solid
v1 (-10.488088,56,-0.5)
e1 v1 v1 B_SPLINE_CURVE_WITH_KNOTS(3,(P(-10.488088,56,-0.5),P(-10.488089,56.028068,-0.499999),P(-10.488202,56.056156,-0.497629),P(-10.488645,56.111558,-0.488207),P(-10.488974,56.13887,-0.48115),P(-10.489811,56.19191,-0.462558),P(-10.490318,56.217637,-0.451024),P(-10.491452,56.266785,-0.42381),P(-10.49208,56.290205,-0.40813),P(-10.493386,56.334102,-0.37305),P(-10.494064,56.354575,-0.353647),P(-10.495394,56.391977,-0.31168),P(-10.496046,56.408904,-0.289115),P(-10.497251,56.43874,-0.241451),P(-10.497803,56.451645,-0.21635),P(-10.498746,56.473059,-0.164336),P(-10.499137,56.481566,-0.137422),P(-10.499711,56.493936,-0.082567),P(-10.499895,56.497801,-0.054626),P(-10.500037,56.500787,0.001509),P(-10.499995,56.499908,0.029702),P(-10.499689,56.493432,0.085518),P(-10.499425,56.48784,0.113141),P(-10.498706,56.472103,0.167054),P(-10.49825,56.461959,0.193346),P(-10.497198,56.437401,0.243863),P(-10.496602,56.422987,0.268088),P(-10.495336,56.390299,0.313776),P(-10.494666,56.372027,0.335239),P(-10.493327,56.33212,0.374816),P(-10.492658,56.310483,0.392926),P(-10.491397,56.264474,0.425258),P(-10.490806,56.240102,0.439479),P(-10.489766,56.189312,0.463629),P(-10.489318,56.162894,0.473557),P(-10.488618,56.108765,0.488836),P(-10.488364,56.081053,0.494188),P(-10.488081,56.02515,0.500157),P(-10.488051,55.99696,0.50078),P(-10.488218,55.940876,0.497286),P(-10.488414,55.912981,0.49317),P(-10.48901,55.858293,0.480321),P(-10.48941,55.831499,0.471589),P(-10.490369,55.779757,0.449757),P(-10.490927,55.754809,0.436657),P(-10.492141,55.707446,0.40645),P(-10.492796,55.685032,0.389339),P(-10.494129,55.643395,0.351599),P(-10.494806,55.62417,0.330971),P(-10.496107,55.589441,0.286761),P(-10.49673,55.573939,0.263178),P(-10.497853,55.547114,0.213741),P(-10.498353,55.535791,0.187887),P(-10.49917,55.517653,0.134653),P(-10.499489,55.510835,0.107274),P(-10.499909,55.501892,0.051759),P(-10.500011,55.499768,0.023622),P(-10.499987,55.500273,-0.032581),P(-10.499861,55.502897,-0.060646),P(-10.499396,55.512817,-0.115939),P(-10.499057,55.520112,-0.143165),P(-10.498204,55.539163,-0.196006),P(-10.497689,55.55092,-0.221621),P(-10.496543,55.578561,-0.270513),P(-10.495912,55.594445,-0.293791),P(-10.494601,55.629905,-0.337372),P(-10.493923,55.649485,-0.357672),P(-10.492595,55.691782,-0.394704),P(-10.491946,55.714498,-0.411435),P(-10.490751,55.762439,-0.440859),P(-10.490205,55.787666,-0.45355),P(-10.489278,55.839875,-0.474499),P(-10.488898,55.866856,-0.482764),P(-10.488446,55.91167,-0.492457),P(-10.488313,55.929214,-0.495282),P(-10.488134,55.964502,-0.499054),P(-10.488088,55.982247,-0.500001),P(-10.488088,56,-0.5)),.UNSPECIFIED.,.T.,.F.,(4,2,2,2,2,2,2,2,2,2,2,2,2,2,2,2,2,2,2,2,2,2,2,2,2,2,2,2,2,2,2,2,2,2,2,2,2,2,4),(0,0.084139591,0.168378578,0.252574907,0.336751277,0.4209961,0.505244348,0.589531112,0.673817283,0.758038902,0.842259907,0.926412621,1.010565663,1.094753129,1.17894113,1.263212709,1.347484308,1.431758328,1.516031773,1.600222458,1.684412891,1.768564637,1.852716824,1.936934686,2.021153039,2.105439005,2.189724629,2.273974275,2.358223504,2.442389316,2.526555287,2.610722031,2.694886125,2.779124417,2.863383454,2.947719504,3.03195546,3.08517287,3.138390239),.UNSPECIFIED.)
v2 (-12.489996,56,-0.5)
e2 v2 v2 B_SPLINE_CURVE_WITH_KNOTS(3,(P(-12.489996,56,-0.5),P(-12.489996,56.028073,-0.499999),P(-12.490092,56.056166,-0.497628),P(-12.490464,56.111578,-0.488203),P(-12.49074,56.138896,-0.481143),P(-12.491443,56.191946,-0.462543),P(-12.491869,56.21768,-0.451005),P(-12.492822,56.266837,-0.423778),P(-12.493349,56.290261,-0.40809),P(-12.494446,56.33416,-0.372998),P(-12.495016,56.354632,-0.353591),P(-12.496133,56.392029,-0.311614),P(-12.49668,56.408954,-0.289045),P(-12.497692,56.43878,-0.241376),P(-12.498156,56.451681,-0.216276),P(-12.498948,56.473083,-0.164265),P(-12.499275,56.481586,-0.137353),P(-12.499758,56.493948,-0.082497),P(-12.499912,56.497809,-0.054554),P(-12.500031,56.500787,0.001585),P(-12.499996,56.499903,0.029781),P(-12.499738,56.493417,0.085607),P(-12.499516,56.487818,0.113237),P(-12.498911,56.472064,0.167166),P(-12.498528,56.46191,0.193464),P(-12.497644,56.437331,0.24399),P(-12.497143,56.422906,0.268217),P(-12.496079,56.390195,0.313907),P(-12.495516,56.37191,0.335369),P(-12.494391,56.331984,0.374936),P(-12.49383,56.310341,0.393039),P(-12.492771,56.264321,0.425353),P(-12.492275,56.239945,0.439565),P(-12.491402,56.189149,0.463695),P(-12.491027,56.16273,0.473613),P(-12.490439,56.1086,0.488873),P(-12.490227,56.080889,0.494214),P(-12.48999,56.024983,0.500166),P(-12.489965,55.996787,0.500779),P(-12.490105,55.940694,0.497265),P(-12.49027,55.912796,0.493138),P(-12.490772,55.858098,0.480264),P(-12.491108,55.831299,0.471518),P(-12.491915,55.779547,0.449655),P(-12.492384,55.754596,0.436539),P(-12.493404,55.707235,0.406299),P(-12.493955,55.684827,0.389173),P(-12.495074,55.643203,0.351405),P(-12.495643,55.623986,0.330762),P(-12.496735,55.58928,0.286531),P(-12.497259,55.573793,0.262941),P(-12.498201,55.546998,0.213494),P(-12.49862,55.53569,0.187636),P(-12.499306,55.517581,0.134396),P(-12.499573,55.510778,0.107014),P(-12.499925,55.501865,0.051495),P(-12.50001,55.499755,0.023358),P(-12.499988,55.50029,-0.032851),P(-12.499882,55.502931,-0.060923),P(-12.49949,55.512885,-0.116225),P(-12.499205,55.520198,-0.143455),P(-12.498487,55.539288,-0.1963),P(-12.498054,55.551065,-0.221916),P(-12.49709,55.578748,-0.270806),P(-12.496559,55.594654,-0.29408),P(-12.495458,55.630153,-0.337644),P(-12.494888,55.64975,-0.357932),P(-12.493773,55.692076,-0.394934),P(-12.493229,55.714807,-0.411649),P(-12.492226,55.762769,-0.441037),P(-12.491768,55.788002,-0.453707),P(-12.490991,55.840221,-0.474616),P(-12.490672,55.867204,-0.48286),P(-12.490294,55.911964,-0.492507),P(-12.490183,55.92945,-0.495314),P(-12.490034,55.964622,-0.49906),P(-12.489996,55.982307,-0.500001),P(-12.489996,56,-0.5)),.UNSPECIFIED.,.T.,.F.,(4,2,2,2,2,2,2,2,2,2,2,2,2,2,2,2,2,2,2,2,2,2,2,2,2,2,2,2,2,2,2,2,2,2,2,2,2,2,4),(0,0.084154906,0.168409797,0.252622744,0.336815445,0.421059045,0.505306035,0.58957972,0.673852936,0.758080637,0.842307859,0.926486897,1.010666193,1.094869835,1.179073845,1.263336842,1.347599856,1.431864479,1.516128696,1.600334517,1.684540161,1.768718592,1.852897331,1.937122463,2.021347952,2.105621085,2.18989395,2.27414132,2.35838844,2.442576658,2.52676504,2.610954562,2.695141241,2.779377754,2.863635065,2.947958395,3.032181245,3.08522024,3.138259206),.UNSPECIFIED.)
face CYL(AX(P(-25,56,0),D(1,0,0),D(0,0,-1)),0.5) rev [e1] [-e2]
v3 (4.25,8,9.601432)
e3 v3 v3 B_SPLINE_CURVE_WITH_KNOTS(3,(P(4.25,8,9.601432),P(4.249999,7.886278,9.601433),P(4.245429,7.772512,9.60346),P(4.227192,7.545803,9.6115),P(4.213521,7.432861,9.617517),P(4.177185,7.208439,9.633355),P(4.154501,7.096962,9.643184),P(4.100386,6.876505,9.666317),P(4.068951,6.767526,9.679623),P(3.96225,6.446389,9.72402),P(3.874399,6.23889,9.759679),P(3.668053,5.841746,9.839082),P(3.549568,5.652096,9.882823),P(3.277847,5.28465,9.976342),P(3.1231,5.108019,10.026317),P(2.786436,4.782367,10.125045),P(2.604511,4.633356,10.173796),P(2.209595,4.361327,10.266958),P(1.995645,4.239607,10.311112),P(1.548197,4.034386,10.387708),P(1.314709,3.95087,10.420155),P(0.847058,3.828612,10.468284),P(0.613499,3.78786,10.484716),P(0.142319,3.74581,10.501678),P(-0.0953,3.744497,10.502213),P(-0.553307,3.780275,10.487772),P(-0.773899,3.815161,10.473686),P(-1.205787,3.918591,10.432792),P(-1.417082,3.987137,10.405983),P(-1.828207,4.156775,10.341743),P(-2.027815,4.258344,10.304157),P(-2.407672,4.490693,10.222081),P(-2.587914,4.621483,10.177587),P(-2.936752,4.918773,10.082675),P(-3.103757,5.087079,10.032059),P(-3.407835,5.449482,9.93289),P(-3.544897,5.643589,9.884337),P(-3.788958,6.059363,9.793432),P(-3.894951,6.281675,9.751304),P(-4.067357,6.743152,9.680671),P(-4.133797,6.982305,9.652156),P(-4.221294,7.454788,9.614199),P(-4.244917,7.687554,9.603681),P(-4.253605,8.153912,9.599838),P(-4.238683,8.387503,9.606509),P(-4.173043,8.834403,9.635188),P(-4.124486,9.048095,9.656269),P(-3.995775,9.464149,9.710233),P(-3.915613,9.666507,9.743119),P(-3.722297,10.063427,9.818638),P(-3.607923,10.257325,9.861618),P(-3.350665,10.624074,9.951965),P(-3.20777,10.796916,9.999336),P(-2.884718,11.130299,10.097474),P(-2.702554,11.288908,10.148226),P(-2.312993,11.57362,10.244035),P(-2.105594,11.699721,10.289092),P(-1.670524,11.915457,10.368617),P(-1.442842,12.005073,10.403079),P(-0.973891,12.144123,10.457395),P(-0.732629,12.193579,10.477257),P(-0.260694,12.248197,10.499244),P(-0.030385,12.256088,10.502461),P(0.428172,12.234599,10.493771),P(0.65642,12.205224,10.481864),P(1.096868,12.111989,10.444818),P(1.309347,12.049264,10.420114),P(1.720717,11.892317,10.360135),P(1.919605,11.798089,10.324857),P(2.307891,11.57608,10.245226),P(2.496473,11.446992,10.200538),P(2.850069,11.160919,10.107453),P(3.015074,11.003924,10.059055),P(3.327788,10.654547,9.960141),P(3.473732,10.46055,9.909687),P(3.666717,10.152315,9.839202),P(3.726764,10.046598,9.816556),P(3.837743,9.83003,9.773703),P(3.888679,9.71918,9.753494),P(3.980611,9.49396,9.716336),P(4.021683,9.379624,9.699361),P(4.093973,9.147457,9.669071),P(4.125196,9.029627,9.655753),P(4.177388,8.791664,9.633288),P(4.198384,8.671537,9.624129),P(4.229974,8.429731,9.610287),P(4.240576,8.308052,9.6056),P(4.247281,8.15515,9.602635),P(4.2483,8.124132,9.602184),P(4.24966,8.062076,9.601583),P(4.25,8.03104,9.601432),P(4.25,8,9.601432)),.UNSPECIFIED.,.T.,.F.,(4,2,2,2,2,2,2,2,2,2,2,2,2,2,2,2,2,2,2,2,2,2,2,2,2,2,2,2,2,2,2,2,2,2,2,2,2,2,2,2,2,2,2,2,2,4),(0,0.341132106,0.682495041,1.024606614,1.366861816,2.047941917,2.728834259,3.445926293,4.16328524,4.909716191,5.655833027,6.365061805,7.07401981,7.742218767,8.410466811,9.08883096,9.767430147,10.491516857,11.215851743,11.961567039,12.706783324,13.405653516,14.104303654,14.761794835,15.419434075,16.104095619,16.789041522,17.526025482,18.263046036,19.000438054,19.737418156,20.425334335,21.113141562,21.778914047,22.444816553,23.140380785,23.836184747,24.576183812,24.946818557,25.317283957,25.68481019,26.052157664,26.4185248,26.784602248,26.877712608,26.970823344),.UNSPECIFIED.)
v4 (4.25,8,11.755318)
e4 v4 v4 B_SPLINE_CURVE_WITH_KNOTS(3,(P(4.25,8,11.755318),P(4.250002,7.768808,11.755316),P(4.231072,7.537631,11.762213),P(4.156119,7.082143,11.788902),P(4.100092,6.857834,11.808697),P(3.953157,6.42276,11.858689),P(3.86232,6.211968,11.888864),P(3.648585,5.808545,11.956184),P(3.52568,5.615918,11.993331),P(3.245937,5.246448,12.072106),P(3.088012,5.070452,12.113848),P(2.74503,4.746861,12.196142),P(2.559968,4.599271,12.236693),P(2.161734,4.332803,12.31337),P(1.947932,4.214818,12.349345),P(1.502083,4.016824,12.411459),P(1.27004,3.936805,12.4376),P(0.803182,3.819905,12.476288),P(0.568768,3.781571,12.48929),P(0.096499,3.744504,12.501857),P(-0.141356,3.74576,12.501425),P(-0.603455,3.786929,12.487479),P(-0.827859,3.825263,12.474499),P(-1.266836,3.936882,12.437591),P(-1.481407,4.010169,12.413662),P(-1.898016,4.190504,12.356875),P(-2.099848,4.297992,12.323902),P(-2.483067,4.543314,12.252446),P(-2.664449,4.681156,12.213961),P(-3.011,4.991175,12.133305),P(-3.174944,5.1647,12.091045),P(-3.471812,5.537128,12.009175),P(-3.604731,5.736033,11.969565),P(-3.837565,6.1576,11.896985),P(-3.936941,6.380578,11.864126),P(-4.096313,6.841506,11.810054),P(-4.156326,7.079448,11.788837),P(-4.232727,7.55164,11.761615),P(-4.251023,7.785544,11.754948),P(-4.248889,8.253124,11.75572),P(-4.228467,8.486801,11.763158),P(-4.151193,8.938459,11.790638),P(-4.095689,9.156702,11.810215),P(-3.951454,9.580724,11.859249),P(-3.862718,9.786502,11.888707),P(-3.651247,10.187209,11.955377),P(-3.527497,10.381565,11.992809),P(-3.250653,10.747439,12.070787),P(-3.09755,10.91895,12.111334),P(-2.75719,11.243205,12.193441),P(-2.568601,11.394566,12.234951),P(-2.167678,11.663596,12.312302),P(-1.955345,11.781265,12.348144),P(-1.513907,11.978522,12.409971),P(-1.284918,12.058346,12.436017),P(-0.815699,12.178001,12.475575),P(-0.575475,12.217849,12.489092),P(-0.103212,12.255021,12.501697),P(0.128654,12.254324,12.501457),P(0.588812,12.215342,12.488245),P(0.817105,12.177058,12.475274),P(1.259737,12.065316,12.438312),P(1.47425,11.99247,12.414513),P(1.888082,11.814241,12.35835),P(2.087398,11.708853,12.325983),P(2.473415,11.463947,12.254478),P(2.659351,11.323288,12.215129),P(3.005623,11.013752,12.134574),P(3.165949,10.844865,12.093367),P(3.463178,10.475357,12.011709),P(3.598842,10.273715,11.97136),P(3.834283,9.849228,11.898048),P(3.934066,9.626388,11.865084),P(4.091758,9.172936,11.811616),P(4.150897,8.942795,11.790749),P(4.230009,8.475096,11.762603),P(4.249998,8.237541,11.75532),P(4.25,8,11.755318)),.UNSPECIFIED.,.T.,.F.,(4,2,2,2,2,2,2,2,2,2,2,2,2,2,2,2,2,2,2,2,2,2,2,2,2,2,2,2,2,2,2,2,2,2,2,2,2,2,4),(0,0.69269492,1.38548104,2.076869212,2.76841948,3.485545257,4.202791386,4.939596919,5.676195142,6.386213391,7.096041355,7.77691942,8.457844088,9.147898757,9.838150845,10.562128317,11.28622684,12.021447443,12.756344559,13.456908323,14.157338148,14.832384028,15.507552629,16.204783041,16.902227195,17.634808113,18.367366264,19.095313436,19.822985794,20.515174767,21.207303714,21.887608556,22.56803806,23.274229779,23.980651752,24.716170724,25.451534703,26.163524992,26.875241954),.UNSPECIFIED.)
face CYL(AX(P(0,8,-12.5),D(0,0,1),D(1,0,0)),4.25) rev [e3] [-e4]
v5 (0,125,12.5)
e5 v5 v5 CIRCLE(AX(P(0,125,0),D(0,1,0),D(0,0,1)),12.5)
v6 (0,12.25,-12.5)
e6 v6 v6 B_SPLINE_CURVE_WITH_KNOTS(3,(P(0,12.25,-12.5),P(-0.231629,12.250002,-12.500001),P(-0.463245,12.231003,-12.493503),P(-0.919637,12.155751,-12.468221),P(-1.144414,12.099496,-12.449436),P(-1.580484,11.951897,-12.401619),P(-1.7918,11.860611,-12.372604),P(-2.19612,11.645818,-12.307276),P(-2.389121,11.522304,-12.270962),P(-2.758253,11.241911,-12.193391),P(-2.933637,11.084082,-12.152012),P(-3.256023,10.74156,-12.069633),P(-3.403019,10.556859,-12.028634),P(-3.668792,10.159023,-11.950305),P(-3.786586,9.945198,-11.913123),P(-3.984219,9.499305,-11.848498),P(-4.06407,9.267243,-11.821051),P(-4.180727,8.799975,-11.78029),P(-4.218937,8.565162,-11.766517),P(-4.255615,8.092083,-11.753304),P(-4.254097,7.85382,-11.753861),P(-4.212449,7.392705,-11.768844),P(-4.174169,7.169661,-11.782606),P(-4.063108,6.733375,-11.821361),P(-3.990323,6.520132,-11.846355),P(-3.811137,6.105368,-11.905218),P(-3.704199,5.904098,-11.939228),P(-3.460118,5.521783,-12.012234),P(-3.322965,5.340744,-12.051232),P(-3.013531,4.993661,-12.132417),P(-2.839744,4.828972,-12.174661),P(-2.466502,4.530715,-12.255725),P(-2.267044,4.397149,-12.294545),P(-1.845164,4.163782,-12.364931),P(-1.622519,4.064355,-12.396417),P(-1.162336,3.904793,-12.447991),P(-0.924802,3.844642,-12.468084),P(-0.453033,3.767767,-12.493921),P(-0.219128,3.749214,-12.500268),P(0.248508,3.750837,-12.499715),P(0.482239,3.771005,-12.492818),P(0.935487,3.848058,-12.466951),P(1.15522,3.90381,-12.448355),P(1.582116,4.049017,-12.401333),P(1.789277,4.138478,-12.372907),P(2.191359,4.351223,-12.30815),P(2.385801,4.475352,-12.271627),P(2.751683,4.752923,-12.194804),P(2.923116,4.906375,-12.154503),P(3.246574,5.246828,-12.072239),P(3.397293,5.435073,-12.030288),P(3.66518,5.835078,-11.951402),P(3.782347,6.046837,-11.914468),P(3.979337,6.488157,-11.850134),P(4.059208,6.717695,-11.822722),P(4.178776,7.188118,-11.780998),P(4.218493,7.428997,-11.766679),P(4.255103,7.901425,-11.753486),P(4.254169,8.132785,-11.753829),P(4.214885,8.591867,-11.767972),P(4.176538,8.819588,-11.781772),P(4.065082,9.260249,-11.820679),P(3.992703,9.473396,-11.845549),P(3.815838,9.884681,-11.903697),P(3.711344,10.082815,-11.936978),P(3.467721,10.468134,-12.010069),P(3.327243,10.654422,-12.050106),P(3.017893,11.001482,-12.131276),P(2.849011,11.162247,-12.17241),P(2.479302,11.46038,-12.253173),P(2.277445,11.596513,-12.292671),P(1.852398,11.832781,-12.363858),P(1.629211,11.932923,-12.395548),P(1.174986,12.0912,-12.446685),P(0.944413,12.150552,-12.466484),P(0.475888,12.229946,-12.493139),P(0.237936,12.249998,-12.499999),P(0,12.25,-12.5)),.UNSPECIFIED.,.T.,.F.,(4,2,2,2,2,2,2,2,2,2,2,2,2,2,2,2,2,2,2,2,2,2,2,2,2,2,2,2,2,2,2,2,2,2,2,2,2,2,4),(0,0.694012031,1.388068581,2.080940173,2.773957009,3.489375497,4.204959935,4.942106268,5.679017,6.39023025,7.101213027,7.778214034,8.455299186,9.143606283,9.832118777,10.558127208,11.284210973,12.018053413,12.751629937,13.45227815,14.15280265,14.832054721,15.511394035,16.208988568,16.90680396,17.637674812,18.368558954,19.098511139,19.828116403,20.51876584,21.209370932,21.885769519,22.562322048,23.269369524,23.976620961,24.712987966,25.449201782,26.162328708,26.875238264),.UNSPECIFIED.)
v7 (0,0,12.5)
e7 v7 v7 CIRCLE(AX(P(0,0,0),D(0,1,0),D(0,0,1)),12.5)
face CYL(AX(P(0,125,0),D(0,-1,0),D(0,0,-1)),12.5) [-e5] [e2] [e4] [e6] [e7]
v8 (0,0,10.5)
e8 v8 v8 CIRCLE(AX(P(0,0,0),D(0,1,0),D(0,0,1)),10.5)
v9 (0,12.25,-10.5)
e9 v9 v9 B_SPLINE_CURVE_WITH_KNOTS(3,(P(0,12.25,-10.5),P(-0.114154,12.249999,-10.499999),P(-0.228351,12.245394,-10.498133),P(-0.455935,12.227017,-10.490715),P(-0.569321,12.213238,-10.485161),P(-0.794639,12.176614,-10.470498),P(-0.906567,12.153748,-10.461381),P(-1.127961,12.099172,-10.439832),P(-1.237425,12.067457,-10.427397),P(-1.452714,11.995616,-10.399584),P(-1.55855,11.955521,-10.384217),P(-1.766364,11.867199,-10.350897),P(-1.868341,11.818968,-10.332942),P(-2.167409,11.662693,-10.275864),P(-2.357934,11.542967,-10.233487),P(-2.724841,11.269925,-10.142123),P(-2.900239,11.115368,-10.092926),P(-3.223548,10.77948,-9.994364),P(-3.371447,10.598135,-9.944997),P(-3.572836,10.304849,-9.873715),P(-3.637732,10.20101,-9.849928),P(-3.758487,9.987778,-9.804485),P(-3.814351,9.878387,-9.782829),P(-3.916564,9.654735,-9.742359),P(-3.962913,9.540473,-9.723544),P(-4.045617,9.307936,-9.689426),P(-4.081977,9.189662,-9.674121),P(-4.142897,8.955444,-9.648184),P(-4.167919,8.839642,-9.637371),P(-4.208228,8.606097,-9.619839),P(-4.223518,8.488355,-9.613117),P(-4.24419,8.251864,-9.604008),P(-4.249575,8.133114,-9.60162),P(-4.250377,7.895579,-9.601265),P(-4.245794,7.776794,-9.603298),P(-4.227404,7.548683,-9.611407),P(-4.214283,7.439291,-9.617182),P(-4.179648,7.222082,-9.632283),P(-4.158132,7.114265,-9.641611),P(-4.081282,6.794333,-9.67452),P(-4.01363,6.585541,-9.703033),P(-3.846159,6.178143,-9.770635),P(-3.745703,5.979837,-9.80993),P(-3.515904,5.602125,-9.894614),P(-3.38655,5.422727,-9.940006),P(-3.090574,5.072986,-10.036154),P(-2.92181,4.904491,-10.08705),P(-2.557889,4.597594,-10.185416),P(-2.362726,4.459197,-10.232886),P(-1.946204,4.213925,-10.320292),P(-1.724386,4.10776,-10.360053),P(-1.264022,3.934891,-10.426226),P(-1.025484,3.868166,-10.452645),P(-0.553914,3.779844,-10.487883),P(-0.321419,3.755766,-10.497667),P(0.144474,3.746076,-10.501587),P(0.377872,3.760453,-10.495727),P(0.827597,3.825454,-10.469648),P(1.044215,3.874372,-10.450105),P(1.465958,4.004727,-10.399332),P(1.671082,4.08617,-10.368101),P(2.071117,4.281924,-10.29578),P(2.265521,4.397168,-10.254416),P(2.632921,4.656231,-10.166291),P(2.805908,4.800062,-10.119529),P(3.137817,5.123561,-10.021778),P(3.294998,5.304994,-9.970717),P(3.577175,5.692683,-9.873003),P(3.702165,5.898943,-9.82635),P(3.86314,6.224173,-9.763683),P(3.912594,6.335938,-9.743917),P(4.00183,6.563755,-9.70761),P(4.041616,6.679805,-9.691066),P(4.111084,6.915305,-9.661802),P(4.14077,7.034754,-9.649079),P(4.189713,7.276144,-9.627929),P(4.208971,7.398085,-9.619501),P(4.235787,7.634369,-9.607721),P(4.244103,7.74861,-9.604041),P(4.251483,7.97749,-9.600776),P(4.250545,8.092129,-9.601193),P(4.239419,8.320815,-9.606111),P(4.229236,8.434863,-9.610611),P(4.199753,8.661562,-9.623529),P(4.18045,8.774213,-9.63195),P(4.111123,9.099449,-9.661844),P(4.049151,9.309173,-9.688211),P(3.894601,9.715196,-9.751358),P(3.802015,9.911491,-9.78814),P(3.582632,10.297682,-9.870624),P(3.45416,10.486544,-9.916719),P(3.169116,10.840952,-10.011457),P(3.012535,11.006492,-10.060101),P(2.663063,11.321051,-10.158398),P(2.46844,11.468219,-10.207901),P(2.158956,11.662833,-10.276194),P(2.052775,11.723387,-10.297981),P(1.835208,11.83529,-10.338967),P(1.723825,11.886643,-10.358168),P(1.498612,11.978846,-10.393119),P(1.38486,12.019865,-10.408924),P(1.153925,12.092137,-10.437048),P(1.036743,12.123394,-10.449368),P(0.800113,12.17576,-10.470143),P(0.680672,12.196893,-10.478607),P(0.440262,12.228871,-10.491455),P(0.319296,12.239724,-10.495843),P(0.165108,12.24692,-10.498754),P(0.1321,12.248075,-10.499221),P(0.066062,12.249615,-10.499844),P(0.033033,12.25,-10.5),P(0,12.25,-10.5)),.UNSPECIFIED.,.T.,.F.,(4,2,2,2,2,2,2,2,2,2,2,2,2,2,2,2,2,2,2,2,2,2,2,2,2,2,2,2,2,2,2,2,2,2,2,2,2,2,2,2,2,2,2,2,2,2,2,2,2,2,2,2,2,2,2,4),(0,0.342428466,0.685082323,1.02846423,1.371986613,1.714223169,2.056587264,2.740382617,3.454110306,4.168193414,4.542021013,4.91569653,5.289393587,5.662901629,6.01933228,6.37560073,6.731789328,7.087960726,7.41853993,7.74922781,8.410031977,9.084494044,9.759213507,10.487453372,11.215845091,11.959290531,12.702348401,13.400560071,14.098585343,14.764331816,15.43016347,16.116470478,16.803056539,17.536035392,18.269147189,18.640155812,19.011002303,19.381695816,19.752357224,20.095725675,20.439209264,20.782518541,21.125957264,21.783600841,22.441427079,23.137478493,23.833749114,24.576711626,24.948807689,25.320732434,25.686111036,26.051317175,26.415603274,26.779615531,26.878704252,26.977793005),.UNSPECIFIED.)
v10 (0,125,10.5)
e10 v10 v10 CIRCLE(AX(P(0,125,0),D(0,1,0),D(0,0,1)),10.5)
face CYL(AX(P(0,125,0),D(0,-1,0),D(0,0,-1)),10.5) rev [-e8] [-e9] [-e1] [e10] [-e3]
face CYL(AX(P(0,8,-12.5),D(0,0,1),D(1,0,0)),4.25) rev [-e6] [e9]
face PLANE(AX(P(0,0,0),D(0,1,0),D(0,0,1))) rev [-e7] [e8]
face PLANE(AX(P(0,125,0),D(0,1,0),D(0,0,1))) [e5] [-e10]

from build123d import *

# Parameters (mm, degrees)
SKETCH_1_R               = 12.5
SKETCH_1_R_2             = 10.5
EXTRUDE_1_DEPTH          = 125
CUT_EXTRUDE_1_DEPTH      = 127.24381173
CUT_EXTRUDE_1_DEPTH_BACK = 127.24381173
SKETCH_2_R               = 4.25
SKETCH_4_R               = 0.5
CUT_EXTRUDE_3_DEPTH      = 25


with BuildPart() as part:
    # Эскиз1 → Бобышка-Вытянуть1 (new body)
    with BuildSketch(Plane(origin=(0, 0, 0), x_dir=(1, 0, 0), z_dir=(0, 1, 0))):
        with Locations(Location((0, 0, 0), (0, 0, 270))):
            Circle(SKETCH_1_R)
        with Locations(Location((0, 0, 0), (0, 0, 270))):
            Circle(SKETCH_1_R_2, mode=Mode.SUBTRACT)
    extrude(amount=EXTRUDE_1_DEPTH)

    # Эскиз2 → Вырез-Вытянуть1 (cut, two sides: drawn at the far end of the back side and taken through both)
    with BuildSketch(Plane.XY.offset(-CUT_EXTRUDE_1_DEPTH_BACK)):
        with Locations((0, 8)):
            Circle(SKETCH_2_R)
    extrude(amount=CUT_EXTRUDE_1_DEPTH + CUT_EXTRUDE_1_DEPTH_BACK, mode=Mode.SUBTRACT)

    # Эскиз4 → Вырез-Вытянуть3 (cut)
    with BuildSketch(Plane(origin=(0, 0, 0), x_dir=(0, 0, -1), z_dir=(1, 0, 0))):
        with Locations((0, 56)):
            Circle(SKETCH_4_R)
    extrude(amount=-CUT_EXTRUDE_3_DEPTH, mode=Mode.SUBTRACT)


solid = part.part
